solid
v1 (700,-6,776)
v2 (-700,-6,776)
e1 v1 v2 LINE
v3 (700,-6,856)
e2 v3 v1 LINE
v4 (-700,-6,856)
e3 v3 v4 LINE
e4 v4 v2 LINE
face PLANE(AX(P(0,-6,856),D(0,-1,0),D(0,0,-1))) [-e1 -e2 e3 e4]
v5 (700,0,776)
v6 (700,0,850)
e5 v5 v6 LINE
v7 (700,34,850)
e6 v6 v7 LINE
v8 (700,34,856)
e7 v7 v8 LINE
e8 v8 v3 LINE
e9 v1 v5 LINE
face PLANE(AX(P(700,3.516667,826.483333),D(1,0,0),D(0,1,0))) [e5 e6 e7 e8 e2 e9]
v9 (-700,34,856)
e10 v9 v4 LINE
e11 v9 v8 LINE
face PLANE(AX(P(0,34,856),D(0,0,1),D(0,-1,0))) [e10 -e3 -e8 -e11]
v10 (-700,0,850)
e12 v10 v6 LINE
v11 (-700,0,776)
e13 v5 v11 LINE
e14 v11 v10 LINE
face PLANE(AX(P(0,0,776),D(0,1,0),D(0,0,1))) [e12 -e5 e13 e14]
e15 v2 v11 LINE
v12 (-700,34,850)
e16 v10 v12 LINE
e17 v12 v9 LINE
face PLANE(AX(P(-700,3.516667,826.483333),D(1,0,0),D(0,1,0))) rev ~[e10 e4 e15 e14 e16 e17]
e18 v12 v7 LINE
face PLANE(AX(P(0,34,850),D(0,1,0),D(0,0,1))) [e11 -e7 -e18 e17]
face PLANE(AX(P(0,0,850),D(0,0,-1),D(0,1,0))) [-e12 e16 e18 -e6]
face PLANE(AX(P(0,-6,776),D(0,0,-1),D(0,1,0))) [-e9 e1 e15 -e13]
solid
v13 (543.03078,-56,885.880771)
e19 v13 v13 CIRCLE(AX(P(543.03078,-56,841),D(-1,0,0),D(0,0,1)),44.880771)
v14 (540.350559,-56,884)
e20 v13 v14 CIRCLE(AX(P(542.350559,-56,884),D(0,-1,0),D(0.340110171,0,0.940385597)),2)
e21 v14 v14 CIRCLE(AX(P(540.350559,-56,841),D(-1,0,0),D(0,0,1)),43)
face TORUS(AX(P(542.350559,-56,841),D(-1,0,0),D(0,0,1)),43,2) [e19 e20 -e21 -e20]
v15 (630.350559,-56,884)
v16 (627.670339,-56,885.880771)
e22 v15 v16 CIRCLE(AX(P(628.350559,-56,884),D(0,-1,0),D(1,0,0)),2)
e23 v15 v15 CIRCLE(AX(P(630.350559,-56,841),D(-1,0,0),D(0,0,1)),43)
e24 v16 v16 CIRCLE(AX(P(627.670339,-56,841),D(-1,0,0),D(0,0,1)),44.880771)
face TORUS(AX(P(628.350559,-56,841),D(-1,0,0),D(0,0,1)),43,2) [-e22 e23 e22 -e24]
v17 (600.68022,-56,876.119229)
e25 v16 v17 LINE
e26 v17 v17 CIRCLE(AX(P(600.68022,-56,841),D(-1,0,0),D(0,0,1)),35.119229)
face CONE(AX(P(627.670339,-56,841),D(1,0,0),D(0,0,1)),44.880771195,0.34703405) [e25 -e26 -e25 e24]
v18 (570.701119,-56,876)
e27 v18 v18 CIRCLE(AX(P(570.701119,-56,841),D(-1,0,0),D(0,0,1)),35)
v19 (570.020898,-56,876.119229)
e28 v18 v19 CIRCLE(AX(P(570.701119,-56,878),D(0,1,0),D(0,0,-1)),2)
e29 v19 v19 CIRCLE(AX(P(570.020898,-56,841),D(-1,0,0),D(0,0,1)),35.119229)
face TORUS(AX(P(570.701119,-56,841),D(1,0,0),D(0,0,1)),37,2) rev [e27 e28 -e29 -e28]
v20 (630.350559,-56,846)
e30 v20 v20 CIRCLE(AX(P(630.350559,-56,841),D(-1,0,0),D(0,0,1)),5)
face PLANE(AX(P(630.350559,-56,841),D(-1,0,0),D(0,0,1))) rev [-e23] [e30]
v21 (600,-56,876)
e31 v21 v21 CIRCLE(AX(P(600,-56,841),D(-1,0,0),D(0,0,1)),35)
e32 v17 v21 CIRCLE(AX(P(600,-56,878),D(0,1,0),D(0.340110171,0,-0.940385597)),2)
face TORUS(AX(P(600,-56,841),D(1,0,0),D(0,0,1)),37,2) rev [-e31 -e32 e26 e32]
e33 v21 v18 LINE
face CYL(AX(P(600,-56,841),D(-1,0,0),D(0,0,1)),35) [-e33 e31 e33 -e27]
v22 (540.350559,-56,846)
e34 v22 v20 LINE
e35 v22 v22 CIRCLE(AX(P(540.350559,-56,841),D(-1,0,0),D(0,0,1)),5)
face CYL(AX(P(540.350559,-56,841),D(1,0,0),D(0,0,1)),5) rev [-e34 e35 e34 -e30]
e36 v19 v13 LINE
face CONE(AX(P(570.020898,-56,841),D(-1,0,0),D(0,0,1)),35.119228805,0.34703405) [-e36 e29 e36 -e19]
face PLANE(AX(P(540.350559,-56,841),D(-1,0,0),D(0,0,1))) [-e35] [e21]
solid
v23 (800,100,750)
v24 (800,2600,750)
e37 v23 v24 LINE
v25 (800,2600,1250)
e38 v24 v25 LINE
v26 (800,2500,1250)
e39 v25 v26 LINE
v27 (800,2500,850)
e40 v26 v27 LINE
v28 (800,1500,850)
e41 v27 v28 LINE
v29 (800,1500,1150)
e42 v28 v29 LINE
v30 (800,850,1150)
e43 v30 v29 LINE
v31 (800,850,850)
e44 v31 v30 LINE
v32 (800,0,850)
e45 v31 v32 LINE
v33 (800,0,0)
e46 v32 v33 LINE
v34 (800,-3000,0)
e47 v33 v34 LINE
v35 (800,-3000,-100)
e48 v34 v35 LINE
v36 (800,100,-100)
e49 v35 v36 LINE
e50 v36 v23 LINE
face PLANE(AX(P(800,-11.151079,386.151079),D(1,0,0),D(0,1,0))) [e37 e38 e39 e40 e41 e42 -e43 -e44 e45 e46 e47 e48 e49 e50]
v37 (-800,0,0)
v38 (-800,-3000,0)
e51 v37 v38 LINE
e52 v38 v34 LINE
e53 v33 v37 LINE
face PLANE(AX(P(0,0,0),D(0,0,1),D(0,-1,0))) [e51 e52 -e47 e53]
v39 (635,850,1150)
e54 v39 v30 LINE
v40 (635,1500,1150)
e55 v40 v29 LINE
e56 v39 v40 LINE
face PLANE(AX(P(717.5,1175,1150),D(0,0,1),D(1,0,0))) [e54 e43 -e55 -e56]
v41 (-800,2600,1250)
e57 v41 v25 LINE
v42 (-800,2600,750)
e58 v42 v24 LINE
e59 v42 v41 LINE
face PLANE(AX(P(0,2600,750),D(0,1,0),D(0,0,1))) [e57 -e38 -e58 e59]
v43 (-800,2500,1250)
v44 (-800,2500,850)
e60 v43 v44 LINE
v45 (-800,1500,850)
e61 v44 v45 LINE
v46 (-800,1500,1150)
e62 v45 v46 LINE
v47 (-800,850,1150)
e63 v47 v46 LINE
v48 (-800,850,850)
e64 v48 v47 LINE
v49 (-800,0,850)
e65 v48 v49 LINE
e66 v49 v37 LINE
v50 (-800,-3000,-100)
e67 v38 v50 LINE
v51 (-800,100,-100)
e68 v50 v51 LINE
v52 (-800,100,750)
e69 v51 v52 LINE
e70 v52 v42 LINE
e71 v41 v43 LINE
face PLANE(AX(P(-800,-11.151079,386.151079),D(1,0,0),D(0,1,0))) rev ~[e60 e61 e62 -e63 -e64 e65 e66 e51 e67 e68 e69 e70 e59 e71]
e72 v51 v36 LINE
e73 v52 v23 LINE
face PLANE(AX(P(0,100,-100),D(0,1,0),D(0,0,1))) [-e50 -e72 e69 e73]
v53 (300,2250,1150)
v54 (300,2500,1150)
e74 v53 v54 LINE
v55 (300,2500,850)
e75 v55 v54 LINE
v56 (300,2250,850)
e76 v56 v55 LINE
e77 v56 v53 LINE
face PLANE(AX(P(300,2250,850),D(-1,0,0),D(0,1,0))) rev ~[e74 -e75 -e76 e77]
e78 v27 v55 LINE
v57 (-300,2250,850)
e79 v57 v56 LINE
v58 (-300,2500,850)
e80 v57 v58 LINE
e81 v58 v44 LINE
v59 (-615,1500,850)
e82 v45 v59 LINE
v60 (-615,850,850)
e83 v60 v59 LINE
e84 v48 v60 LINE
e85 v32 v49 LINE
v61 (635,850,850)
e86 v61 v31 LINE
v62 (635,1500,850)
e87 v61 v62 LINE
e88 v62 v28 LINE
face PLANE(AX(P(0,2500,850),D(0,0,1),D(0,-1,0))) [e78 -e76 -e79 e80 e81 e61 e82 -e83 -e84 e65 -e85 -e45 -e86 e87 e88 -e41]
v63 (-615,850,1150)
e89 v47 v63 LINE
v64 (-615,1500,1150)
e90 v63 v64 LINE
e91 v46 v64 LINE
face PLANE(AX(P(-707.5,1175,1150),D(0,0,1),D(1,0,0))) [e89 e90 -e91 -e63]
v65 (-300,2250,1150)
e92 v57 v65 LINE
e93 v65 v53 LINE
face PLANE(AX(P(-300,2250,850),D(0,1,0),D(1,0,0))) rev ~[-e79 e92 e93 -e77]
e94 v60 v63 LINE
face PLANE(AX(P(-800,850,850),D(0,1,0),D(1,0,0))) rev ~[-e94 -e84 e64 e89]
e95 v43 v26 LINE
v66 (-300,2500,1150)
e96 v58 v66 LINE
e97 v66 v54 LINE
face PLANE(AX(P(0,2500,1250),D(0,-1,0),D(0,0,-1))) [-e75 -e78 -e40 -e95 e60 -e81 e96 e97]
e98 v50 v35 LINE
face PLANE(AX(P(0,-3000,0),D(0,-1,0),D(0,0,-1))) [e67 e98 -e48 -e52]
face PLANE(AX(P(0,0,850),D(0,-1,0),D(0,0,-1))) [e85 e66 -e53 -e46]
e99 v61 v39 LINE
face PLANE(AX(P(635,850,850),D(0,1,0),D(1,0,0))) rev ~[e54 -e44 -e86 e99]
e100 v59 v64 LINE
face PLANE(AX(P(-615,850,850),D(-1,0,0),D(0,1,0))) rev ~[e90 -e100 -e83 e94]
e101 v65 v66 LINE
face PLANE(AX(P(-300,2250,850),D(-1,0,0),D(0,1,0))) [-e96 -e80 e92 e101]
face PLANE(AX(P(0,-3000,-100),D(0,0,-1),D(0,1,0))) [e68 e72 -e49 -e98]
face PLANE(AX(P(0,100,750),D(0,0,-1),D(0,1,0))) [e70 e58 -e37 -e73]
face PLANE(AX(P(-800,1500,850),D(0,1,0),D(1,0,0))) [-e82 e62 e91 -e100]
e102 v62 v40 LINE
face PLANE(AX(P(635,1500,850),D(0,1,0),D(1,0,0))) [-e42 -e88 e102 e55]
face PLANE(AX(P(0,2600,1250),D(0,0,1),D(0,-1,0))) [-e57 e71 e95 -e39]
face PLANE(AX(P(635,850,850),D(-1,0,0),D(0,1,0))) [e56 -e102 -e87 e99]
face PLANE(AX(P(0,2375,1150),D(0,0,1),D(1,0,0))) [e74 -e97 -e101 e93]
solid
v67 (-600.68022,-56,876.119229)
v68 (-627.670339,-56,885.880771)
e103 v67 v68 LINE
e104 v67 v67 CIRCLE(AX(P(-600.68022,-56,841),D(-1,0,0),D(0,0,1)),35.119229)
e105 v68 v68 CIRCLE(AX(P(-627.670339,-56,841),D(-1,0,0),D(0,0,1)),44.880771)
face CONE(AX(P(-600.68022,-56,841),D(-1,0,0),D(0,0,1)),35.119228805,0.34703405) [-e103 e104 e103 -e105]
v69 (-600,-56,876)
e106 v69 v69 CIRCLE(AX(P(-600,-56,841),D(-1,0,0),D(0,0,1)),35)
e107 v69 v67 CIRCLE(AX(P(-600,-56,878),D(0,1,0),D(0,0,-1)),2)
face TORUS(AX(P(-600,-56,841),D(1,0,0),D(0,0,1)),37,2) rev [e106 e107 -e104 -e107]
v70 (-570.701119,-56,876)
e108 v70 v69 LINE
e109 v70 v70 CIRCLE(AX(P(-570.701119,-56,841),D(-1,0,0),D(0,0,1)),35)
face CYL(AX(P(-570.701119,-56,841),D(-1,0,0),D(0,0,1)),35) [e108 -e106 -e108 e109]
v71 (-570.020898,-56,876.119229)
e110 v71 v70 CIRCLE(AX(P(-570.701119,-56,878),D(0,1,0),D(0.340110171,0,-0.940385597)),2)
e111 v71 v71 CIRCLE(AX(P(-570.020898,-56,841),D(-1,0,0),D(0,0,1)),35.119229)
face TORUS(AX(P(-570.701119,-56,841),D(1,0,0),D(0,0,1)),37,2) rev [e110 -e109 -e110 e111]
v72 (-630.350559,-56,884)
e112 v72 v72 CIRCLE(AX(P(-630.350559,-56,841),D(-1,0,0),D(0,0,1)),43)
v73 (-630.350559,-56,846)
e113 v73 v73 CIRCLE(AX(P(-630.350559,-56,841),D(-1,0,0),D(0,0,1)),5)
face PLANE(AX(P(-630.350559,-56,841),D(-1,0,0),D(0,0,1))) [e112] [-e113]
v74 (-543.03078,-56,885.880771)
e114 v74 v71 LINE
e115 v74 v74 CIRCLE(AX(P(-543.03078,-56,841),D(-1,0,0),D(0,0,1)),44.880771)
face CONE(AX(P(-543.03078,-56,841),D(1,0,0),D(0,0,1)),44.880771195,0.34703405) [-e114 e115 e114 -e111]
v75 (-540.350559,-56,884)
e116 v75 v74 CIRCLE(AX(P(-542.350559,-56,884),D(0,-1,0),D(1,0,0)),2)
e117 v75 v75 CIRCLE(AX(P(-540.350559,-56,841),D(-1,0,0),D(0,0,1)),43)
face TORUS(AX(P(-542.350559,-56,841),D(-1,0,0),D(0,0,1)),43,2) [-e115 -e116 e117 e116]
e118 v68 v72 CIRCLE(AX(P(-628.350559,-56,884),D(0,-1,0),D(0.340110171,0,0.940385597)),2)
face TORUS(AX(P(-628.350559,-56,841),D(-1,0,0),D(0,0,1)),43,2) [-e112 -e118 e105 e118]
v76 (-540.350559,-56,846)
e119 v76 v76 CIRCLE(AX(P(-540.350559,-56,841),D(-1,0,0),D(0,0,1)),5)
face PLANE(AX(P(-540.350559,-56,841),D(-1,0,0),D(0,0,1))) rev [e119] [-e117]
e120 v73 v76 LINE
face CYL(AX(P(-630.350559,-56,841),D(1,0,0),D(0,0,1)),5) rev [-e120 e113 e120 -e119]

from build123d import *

# Parameters (mm, degrees)
F1_DEPTH = 800
F2_W     = 185
F2_H     = 650
F2_W_2   = 165
F2_W_3   = 600
F2_H_2   = 250
F3_DEPTH = 300
F5_DEPTH = 700


with BuildPart() as f1:
    # F0 (on Right) → F1 (new body, symmetric)
    with BuildSketch(Plane.YZ):
        Polygon((0, 0), (-3000, 0), (-3000, -100), (100, -100), (100, 750), (2600, 750), (2600, 1250), (2500, 1250), (2500, 850), (0, 850), align=None)
    extrude(amount=F1_DEPTH, both=True)

    # F2 (on face) → F3 (join)
    with BuildSketch(Plane.XY.offset(850)):
        with Locations((-707.5, 1175)):
            Rectangle(F2_W, F2_H)
        with Locations((717.5, 1175)):
            Rectangle(F2_W_2, F2_H)
        with Locations((0, 2375)):
            Rectangle(F2_W_3, F2_H_2)
    extrude(amount=F3_DEPTH)


with BuildPart() as f5:
    # F4 (on Right) → F5 (new body, symmetric)
    with BuildSketch(Plane.YZ):
        Polygon((0, 776), (0, 850), (34, 850), (34, 856), (-6, 856), (-6, 776), align=None)
    extrude(amount=F5_DEPTH, both=True)


with BuildPart() as f8:
    # F7 (on offset) → F8 (revolve)
    with BuildSketch(Plane.XZ.offset(56)):
        with BuildLine():
            Line((-600.6802203414, 876.1192288052), (-627.6703390229, 885.8807711948))
            ThreePointArc((-627.6703390229, 885.8807711948), (-629.4993759983, 885.6371378504), (-630.3505593642, 884))
            Line((-630.3505593642, 884), (-630.3505593642, 846))
            Line((-630.3505593642, 846), (-540.3505593642, 846))
            Line((-540.3505593642, 846), (-540.3505593642, 884))
            ThreePointArc((-540.3505593642, 884), (-541.2017427302, 885.6371378504), (-543.0307797056, 885.8807711948))
            Line((-543.0307797056, 885.8807711948), (-570.0208983871, 876.1192288052))
            ThreePointArc((-570.0208983871, 876.1192288052), (-570.3558234849, 876.0300326919), (-570.7011187284, 876))
            Line((-570.7011187284, 876), (-600, 876))
            ThreePointArc((-600, 876), (-600.3452952435, 876.0300326919), (-600.6802203414, 876.1192288052))
        make_face()
    revolve(axis=Axis((572.4560523535, -56, 841), (-1, 0, 0)))


with BuildPart() as f8b:
    # F7 (on offset) → F8, piece 2 (revolve)
    with BuildSketch(Plane.XZ.offset(56)):
        with BuildLine():
            Line((627.6703390229, 885.8807711948), (600.6802203414, 876.1192288052))
            ThreePointArc((600.6802203414, 876.1192288052), (600.3452952435, 876.0300326919), (600, 876))
            Line((600, 876), (570.7011187284, 876))
            ThreePointArc((570.7011187284, 876), (570.3558234849, 876.0300326919), (570.0208983871, 876.1192288052))
            Line((570.0208983871, 876.1192288052), (543.0307797056, 885.8807711948))
            ThreePointArc((543.0307797056, 885.8807711948), (541.2017427302, 885.6371378504), (540.3505593642, 884))
            Line((540.3505593642, 884), (540.3505593642, 846))
            Line((540.3505593642, 846), (630.3505593642, 846))
            Line((630.3505593642, 846), (630.3505593642, 884))
            ThreePointArc((630.3505593642, 884), (629.4993759983, 885.6371378504), (627.6703390229, 885.8807711948))
        make_face()
    revolve(axis=Axis((572.4560523535, -56, 841), (-1, 0, 0)))


solid = Compound([f1.part, f5.part, f8.part, f8b.part])
